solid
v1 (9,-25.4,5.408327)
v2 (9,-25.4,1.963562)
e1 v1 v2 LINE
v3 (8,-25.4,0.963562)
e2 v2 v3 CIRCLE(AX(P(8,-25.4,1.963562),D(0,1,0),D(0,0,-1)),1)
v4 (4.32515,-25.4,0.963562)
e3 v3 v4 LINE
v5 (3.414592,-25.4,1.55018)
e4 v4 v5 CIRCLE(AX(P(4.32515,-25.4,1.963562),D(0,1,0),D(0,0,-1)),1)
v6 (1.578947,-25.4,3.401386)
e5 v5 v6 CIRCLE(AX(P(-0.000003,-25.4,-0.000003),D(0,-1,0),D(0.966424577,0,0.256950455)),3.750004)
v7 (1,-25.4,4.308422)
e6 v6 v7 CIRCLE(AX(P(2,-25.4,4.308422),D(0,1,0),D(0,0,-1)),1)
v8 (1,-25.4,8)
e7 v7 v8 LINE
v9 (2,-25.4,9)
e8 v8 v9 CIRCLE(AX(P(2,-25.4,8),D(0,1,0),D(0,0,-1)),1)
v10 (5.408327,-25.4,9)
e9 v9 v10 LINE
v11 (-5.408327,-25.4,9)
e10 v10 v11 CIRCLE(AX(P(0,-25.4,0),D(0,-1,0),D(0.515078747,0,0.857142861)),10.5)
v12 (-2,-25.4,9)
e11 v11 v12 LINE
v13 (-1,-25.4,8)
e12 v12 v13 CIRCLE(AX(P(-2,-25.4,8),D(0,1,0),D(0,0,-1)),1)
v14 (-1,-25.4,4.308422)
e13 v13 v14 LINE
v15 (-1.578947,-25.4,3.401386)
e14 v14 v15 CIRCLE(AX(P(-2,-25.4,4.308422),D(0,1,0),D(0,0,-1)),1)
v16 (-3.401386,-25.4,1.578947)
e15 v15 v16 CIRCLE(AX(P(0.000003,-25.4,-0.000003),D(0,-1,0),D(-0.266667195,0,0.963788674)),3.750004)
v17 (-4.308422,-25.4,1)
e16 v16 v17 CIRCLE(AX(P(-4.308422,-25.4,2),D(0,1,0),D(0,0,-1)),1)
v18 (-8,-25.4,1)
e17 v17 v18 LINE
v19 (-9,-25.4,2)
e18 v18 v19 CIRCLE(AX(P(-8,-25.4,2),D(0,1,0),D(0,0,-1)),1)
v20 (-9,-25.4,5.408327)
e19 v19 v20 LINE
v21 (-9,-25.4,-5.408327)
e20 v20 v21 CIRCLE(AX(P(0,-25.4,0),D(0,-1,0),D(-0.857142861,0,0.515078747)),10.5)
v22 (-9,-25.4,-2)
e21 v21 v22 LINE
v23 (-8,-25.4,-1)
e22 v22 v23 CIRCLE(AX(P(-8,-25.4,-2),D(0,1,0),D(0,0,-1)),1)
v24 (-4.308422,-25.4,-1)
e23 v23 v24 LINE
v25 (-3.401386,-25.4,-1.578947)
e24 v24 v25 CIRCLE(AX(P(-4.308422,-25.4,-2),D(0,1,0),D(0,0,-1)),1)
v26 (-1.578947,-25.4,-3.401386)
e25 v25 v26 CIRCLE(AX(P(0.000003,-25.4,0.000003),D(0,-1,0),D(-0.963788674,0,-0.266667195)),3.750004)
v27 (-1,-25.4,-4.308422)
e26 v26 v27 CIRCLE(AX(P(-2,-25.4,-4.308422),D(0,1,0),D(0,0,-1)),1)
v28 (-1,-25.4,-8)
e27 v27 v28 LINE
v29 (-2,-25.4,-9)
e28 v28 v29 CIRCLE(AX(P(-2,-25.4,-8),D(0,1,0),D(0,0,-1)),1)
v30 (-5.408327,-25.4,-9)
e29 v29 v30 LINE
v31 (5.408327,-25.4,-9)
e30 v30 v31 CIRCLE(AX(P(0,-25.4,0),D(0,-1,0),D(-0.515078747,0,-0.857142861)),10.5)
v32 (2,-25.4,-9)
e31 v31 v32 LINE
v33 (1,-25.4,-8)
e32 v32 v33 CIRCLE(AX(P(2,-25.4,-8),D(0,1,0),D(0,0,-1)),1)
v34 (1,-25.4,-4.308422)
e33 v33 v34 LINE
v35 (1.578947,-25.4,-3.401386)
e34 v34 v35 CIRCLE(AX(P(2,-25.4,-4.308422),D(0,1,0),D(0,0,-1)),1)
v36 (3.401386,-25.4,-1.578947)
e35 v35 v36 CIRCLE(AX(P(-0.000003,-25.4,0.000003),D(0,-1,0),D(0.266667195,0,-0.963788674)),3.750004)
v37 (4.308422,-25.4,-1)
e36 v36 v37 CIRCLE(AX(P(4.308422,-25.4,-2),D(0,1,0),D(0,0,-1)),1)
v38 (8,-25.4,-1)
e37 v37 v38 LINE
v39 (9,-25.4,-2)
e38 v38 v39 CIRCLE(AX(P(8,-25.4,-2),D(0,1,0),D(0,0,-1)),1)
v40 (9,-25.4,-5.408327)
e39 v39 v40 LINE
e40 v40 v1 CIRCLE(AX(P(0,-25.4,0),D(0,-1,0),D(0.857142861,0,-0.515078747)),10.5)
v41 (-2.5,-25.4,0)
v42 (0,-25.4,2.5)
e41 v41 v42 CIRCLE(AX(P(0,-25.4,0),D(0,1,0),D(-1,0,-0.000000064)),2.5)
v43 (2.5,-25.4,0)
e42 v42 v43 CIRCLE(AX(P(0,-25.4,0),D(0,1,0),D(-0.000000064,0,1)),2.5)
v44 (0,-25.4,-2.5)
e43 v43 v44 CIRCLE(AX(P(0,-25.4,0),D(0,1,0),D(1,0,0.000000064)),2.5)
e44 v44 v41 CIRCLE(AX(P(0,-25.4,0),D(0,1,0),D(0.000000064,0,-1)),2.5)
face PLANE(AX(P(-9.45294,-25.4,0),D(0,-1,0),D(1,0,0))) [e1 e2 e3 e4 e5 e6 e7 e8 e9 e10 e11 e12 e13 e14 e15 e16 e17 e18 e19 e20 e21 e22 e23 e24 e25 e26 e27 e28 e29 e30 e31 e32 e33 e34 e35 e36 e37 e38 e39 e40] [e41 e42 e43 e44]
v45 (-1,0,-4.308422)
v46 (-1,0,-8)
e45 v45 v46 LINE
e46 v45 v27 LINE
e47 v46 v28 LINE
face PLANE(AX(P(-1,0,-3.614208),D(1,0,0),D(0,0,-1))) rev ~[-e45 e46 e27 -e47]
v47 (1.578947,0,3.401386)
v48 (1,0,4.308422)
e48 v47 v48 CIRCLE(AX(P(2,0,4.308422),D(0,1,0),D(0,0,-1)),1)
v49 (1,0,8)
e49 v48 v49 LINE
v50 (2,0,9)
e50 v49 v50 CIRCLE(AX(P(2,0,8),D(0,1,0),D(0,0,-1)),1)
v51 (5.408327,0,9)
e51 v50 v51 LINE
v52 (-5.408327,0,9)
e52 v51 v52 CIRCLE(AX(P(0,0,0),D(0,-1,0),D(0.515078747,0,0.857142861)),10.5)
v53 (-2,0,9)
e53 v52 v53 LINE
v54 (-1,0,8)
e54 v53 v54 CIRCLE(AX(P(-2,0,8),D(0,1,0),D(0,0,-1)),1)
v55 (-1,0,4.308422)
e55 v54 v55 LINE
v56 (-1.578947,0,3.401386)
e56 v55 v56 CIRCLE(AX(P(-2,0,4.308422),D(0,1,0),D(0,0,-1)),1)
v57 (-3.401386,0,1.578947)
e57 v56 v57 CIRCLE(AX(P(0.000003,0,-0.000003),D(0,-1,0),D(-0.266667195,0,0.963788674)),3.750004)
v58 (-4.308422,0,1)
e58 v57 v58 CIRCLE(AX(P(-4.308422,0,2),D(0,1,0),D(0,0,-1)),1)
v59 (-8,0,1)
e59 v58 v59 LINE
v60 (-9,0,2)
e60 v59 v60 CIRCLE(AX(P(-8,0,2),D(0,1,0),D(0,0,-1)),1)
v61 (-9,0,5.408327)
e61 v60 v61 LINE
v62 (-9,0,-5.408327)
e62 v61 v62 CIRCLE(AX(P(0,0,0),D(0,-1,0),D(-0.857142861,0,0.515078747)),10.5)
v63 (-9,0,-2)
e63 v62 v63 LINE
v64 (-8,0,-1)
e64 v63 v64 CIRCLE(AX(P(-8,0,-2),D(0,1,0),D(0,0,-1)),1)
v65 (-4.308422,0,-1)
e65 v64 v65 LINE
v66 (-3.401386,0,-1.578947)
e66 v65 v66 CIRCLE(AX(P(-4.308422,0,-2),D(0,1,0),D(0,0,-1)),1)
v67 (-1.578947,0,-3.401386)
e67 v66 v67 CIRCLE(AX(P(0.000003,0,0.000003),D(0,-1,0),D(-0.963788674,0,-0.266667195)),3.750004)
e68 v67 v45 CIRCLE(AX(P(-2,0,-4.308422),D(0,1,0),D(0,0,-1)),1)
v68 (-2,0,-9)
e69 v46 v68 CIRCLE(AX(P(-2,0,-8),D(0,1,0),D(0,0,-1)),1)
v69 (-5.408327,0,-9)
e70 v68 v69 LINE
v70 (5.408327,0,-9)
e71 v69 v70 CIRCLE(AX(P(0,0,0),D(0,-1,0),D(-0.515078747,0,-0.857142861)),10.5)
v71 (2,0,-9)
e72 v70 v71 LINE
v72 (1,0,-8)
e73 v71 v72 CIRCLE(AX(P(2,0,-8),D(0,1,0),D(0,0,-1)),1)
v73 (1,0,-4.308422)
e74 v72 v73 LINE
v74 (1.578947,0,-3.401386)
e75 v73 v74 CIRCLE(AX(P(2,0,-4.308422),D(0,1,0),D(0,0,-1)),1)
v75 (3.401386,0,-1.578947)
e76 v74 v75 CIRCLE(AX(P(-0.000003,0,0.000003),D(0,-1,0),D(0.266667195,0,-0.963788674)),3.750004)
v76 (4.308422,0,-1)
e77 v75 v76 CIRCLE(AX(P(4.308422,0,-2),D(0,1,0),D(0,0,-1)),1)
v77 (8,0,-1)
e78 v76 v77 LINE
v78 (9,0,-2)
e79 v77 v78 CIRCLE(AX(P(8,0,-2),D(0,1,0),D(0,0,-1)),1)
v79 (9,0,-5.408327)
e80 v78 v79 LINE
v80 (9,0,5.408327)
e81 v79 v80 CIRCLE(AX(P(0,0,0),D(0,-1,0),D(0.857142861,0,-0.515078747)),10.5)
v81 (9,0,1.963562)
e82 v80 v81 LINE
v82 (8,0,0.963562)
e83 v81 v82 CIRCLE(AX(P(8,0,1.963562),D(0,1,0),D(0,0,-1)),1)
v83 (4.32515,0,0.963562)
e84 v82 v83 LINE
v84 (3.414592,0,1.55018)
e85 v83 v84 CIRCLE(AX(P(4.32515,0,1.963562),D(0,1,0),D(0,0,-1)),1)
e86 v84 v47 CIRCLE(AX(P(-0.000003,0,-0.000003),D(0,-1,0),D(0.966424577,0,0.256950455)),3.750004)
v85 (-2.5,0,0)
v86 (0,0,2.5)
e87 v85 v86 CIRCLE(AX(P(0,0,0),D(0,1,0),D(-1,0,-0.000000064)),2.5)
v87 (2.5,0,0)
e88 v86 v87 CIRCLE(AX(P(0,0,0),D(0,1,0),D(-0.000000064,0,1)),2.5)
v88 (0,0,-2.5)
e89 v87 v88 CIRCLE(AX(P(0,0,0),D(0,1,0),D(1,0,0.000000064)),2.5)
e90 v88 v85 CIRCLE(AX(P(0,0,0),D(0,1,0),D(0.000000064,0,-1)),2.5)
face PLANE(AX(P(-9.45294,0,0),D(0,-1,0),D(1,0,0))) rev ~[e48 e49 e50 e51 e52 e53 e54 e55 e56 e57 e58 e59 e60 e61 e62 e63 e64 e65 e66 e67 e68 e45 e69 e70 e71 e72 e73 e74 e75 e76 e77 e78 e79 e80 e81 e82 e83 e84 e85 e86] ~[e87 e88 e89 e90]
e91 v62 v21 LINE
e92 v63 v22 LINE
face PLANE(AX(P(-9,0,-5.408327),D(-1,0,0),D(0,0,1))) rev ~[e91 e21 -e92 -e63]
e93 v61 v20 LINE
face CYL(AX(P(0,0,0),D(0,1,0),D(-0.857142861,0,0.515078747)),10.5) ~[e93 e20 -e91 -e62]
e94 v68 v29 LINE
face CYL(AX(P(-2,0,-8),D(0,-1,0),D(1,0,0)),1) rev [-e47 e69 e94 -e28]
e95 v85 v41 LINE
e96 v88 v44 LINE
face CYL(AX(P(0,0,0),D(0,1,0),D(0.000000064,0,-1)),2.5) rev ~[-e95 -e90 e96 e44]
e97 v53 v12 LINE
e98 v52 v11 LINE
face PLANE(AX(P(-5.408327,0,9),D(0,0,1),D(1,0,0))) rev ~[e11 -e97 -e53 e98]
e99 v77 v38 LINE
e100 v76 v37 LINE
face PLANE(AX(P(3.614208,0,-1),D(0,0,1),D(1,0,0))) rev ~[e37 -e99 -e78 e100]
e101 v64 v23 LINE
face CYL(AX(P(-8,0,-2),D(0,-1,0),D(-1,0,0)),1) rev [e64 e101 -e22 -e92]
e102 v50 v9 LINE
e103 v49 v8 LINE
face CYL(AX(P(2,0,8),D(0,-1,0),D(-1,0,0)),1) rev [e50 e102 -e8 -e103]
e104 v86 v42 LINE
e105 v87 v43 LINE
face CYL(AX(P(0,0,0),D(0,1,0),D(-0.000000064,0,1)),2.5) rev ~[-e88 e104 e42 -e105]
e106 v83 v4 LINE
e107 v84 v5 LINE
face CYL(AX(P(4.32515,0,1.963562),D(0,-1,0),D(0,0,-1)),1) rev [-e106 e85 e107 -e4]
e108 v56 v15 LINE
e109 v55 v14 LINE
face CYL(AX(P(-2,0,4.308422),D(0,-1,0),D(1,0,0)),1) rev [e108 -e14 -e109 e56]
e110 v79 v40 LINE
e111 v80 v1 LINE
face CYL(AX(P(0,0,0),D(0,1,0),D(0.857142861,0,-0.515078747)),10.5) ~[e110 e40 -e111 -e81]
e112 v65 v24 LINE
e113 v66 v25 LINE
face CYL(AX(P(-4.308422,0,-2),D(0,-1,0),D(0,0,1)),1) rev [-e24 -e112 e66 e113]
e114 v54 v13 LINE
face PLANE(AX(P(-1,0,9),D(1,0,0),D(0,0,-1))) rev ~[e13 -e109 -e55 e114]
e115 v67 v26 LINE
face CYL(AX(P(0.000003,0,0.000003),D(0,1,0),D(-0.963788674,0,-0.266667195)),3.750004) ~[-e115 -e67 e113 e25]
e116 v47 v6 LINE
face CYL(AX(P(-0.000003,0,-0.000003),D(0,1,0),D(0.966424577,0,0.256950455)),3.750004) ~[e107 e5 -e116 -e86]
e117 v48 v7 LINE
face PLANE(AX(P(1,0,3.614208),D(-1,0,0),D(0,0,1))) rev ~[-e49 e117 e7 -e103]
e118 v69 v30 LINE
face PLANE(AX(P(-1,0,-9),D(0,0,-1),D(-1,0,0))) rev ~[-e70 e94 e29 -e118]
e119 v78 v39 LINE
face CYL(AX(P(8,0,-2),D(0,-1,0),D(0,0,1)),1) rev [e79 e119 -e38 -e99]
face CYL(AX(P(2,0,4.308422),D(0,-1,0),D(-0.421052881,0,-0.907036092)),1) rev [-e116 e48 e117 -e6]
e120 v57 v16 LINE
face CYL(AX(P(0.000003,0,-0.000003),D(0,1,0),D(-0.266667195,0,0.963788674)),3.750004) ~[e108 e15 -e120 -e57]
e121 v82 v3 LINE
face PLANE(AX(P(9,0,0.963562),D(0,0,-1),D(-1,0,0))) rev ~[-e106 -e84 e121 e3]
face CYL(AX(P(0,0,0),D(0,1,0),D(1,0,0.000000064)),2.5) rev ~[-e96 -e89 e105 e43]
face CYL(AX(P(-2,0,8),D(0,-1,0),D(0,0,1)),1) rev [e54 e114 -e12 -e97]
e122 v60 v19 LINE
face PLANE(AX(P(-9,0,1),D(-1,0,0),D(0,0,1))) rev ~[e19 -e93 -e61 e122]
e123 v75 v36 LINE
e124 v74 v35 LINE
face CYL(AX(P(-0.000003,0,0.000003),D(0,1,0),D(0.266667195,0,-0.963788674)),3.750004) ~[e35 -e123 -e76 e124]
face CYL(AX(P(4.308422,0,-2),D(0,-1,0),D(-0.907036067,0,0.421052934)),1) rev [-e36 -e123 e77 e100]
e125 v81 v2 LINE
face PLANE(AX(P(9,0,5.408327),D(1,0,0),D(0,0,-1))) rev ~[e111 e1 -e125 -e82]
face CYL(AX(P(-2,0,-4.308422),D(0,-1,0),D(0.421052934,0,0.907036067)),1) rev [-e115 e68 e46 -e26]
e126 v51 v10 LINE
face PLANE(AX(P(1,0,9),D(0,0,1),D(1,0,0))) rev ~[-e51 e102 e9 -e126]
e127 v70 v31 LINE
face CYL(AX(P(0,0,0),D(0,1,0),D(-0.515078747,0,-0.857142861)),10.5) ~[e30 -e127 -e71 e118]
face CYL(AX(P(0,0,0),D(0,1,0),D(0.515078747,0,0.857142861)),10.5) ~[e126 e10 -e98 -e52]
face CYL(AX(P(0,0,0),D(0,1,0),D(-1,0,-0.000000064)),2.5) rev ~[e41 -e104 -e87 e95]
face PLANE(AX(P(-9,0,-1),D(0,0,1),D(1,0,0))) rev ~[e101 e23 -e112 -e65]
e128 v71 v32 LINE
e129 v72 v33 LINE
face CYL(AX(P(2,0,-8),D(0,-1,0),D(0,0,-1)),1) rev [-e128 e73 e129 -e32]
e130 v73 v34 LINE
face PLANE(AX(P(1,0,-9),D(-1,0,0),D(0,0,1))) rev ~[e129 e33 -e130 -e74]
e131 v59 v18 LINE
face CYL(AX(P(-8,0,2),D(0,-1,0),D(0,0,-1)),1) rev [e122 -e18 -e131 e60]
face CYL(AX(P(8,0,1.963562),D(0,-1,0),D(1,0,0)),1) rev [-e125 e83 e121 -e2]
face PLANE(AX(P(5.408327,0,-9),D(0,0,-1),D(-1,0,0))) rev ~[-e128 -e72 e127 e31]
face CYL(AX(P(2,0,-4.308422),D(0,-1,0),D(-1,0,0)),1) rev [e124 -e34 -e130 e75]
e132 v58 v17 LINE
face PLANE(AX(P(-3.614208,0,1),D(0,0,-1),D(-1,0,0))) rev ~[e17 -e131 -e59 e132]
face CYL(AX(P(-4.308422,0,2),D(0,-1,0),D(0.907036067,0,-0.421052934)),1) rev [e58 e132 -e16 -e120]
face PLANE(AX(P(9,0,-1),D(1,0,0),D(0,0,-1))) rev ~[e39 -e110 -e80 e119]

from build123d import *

# Parameters (mm, degrees)
F1_DEPTH = 25.4
F2_R     = 1


with BuildPart() as f1:
    # F0 (on Front) → F1 (new body)
    with BuildSketch(Plane.XZ):
        with BuildLine():
            Line((-9, 1), (-9, 5.408327))
            ThreePointArc((-9, 5.408327), (-10.5, 0), (-9, -5.408327))
            Line((-9, -5.408327), (-9, -1))
            Line((-9, -1), (-9, 0))
            Line((-9, 0), (-9, 1))
        make_face()
        with BuildLine():
            Line((-3.614208, 1), (-9, 1))
            Line((-9, 1), (-9, 0))
            Line((-9, 0), (-3.75, 0))
            ThreePointArc((-3.75, 0), (-3.715897, 0.504589), (-3.614208, 1))
        make_face()
        with BuildLine():
            Line((-9, 0), (-9, -1))
            Line((-9, -1), (-3.614208, -1))
            ThreePointArc((-3.614208, -1), (-3.715897, -0.504589), (-3.75, 0))
            Line((-3.75, 0), (-9, 0))
        make_face()
        with BuildLine():
            ThreePointArc((-1, 3.614208), (-2.65165, 2.65165), (-3.614208, 1))
            ThreePointArc((-3.614208, 1), (-3.715897, 0.504589), (-3.75, 0))
            ThreePointArc((-3.75, 0), (-3.715897, -0.504589), (-3.614208, -1))
            ThreePointArc((-3.614208, -1), (-2.65165, -2.65165), (-1, -3.614208))
            ThreePointArc((-1, -3.614208), (-0.504589, -3.715897), (0, -3.75))
            ThreePointArc((0, -3.75), (0.504589, -3.715897), (1, -3.614208))
            ThreePointArc((1, -3.614208), (2.65165, -2.65165), (3.614208, -1))
            ThreePointArc((3.614208, -1), (3.715897, -0.504589), (3.75, 0))
            ThreePointArc((3.75, 0), (3.71839, 0.485877), (3.624093, 0.963562))
            ThreePointArc((3.624093, 0.963562), (2.664965, 2.638268), (1, 3.614208))
            ThreePointArc((1, 3.614208), (0.504589, 3.715897), (0, 3.75))
            ThreePointArc((0, 3.75), (-0.504589, 3.715897), (-1, 3.614208))
        make_face()
        with BuildLine():
            ThreePointArc((0, 2.5), (1.767767, 1.767767), (2.5, 0))
            ThreePointArc((2.5, 0), (1.767767, -1.767767), (0, -2.5))
            ThreePointArc((0, -2.5), (-1.767767, -1.767767), (-2.5, 0))
            ThreePointArc((-2.5, 0), (-1.767767, 1.767767), (0, 2.5))
        make_face(mode=Mode.SUBTRACT)
        with BuildLine():
            Line((-1, 9), (-1, 3.614208))
            ThreePointArc((-1, 3.614208), (-0.504589, 3.715897), (0, 3.75))
            Line((0, 3.75), (0, 9))
            Line((0, 9), (-1, 9))
        make_face()
        with BuildLine():
            ThreePointArc((0, -3.75), (-0.504589, -3.715897), (-1, -3.614208))
            Line((-1, -3.614208), (-1, -9))
            Line((-1, -9), (0, -9))
            Line((0, -9), (0, -3.75))
        make_face()
        with BuildLine():
            Line((-5.408327, 9), (-1, 9))
            Line((-1, 9), (0, 9))
            Line((0, 9), (1, 9))
            Line((1, 9), (5.408327, 9))
            ThreePointArc((5.408327, 9), (0, 10.5), (-5.408327, 9))
        make_face()
        with BuildLine():
            Line((0, 9), (0, 3.75))
            ThreePointArc((0, 3.75), (0.504589, 3.715897), (1, 3.614208))
            Line((1, 3.614208), (1, 9))
            Line((1, 9), (0, 9))
        make_face()
        with BuildLine():
            Line((0, -9), (-1, -9))
            Line((-1, -9), (-5.408327, -9))
            ThreePointArc((-5.408327, -9), (0, -10.5), (5.408327, -9))
            Line((5.408327, -9), (1, -9))
            Line((1, -9), (0, -9))
        make_face()
        with BuildLine():
            ThreePointArc((1, -3.614208), (0.504589, -3.715897), (0, -3.75))
            Line((0, -3.75), (0, -9))
            Line((0, -9), (1, -9))
            Line((1, -9), (1, -3.614208))
        make_face()
        with BuildLine():
            Line((9, 0.963562), (3.624093, 0.963562))
            ThreePointArc((3.624093, 0.963562), (3.71839, 0.485877), (3.75, 0))
            Line((3.75, 0), (9, 0))
            Line((9, 0), (9, 0.963562))
        make_face()
        with BuildLine():
            ThreePointArc((3.75, 0), (3.715897, -0.504589), (3.614208, -1))
            Line((3.614208, -1), (9, -1))
            Line((9, -1), (9, 0))
            Line((9, 0), (3.75, 0))
        make_face()
        with BuildLine():
            Line((9, 5.408327), (9, 0.963562))
            Line((9, 0.963562), (9, 0))
            Line((9, 0), (9, -1))
            Line((9, -1), (9, -5.408327))
            ThreePointArc((9, -5.408327), (10.5, 0), (9, 5.408327))
        make_face()
    extrude(amount=F1_DEPTH)

    # F2
    f2_edges = [f1.edges().sort_by_distance(p)[0] for p in [
        (-3.614208, -12.7, -1),
        (-9, -12.7, -1),
        (-9, -12.7, 1),
        (3.624093, -12.7, 0.963562),
        (1, -12.7, 3.614208),
        (1, -12.7, -3.614208),
        (3.614208, -12.7, -1),
        (1, -12.7, -9),
        (-1, -12.7, -9),
        (-1, -12.7, 9),
        (1, -12.7, 9),
        (9, -12.7, -1),
        (9, -12.7, 0.963562),
        (-1, -12.7, 3.614208),
        (-3.614208, -12.7, 1),
        (-1, -12.7, -3.614208),
    ]]
    fillet(f2_edges, radius=F2_R)


solid = f1.part
